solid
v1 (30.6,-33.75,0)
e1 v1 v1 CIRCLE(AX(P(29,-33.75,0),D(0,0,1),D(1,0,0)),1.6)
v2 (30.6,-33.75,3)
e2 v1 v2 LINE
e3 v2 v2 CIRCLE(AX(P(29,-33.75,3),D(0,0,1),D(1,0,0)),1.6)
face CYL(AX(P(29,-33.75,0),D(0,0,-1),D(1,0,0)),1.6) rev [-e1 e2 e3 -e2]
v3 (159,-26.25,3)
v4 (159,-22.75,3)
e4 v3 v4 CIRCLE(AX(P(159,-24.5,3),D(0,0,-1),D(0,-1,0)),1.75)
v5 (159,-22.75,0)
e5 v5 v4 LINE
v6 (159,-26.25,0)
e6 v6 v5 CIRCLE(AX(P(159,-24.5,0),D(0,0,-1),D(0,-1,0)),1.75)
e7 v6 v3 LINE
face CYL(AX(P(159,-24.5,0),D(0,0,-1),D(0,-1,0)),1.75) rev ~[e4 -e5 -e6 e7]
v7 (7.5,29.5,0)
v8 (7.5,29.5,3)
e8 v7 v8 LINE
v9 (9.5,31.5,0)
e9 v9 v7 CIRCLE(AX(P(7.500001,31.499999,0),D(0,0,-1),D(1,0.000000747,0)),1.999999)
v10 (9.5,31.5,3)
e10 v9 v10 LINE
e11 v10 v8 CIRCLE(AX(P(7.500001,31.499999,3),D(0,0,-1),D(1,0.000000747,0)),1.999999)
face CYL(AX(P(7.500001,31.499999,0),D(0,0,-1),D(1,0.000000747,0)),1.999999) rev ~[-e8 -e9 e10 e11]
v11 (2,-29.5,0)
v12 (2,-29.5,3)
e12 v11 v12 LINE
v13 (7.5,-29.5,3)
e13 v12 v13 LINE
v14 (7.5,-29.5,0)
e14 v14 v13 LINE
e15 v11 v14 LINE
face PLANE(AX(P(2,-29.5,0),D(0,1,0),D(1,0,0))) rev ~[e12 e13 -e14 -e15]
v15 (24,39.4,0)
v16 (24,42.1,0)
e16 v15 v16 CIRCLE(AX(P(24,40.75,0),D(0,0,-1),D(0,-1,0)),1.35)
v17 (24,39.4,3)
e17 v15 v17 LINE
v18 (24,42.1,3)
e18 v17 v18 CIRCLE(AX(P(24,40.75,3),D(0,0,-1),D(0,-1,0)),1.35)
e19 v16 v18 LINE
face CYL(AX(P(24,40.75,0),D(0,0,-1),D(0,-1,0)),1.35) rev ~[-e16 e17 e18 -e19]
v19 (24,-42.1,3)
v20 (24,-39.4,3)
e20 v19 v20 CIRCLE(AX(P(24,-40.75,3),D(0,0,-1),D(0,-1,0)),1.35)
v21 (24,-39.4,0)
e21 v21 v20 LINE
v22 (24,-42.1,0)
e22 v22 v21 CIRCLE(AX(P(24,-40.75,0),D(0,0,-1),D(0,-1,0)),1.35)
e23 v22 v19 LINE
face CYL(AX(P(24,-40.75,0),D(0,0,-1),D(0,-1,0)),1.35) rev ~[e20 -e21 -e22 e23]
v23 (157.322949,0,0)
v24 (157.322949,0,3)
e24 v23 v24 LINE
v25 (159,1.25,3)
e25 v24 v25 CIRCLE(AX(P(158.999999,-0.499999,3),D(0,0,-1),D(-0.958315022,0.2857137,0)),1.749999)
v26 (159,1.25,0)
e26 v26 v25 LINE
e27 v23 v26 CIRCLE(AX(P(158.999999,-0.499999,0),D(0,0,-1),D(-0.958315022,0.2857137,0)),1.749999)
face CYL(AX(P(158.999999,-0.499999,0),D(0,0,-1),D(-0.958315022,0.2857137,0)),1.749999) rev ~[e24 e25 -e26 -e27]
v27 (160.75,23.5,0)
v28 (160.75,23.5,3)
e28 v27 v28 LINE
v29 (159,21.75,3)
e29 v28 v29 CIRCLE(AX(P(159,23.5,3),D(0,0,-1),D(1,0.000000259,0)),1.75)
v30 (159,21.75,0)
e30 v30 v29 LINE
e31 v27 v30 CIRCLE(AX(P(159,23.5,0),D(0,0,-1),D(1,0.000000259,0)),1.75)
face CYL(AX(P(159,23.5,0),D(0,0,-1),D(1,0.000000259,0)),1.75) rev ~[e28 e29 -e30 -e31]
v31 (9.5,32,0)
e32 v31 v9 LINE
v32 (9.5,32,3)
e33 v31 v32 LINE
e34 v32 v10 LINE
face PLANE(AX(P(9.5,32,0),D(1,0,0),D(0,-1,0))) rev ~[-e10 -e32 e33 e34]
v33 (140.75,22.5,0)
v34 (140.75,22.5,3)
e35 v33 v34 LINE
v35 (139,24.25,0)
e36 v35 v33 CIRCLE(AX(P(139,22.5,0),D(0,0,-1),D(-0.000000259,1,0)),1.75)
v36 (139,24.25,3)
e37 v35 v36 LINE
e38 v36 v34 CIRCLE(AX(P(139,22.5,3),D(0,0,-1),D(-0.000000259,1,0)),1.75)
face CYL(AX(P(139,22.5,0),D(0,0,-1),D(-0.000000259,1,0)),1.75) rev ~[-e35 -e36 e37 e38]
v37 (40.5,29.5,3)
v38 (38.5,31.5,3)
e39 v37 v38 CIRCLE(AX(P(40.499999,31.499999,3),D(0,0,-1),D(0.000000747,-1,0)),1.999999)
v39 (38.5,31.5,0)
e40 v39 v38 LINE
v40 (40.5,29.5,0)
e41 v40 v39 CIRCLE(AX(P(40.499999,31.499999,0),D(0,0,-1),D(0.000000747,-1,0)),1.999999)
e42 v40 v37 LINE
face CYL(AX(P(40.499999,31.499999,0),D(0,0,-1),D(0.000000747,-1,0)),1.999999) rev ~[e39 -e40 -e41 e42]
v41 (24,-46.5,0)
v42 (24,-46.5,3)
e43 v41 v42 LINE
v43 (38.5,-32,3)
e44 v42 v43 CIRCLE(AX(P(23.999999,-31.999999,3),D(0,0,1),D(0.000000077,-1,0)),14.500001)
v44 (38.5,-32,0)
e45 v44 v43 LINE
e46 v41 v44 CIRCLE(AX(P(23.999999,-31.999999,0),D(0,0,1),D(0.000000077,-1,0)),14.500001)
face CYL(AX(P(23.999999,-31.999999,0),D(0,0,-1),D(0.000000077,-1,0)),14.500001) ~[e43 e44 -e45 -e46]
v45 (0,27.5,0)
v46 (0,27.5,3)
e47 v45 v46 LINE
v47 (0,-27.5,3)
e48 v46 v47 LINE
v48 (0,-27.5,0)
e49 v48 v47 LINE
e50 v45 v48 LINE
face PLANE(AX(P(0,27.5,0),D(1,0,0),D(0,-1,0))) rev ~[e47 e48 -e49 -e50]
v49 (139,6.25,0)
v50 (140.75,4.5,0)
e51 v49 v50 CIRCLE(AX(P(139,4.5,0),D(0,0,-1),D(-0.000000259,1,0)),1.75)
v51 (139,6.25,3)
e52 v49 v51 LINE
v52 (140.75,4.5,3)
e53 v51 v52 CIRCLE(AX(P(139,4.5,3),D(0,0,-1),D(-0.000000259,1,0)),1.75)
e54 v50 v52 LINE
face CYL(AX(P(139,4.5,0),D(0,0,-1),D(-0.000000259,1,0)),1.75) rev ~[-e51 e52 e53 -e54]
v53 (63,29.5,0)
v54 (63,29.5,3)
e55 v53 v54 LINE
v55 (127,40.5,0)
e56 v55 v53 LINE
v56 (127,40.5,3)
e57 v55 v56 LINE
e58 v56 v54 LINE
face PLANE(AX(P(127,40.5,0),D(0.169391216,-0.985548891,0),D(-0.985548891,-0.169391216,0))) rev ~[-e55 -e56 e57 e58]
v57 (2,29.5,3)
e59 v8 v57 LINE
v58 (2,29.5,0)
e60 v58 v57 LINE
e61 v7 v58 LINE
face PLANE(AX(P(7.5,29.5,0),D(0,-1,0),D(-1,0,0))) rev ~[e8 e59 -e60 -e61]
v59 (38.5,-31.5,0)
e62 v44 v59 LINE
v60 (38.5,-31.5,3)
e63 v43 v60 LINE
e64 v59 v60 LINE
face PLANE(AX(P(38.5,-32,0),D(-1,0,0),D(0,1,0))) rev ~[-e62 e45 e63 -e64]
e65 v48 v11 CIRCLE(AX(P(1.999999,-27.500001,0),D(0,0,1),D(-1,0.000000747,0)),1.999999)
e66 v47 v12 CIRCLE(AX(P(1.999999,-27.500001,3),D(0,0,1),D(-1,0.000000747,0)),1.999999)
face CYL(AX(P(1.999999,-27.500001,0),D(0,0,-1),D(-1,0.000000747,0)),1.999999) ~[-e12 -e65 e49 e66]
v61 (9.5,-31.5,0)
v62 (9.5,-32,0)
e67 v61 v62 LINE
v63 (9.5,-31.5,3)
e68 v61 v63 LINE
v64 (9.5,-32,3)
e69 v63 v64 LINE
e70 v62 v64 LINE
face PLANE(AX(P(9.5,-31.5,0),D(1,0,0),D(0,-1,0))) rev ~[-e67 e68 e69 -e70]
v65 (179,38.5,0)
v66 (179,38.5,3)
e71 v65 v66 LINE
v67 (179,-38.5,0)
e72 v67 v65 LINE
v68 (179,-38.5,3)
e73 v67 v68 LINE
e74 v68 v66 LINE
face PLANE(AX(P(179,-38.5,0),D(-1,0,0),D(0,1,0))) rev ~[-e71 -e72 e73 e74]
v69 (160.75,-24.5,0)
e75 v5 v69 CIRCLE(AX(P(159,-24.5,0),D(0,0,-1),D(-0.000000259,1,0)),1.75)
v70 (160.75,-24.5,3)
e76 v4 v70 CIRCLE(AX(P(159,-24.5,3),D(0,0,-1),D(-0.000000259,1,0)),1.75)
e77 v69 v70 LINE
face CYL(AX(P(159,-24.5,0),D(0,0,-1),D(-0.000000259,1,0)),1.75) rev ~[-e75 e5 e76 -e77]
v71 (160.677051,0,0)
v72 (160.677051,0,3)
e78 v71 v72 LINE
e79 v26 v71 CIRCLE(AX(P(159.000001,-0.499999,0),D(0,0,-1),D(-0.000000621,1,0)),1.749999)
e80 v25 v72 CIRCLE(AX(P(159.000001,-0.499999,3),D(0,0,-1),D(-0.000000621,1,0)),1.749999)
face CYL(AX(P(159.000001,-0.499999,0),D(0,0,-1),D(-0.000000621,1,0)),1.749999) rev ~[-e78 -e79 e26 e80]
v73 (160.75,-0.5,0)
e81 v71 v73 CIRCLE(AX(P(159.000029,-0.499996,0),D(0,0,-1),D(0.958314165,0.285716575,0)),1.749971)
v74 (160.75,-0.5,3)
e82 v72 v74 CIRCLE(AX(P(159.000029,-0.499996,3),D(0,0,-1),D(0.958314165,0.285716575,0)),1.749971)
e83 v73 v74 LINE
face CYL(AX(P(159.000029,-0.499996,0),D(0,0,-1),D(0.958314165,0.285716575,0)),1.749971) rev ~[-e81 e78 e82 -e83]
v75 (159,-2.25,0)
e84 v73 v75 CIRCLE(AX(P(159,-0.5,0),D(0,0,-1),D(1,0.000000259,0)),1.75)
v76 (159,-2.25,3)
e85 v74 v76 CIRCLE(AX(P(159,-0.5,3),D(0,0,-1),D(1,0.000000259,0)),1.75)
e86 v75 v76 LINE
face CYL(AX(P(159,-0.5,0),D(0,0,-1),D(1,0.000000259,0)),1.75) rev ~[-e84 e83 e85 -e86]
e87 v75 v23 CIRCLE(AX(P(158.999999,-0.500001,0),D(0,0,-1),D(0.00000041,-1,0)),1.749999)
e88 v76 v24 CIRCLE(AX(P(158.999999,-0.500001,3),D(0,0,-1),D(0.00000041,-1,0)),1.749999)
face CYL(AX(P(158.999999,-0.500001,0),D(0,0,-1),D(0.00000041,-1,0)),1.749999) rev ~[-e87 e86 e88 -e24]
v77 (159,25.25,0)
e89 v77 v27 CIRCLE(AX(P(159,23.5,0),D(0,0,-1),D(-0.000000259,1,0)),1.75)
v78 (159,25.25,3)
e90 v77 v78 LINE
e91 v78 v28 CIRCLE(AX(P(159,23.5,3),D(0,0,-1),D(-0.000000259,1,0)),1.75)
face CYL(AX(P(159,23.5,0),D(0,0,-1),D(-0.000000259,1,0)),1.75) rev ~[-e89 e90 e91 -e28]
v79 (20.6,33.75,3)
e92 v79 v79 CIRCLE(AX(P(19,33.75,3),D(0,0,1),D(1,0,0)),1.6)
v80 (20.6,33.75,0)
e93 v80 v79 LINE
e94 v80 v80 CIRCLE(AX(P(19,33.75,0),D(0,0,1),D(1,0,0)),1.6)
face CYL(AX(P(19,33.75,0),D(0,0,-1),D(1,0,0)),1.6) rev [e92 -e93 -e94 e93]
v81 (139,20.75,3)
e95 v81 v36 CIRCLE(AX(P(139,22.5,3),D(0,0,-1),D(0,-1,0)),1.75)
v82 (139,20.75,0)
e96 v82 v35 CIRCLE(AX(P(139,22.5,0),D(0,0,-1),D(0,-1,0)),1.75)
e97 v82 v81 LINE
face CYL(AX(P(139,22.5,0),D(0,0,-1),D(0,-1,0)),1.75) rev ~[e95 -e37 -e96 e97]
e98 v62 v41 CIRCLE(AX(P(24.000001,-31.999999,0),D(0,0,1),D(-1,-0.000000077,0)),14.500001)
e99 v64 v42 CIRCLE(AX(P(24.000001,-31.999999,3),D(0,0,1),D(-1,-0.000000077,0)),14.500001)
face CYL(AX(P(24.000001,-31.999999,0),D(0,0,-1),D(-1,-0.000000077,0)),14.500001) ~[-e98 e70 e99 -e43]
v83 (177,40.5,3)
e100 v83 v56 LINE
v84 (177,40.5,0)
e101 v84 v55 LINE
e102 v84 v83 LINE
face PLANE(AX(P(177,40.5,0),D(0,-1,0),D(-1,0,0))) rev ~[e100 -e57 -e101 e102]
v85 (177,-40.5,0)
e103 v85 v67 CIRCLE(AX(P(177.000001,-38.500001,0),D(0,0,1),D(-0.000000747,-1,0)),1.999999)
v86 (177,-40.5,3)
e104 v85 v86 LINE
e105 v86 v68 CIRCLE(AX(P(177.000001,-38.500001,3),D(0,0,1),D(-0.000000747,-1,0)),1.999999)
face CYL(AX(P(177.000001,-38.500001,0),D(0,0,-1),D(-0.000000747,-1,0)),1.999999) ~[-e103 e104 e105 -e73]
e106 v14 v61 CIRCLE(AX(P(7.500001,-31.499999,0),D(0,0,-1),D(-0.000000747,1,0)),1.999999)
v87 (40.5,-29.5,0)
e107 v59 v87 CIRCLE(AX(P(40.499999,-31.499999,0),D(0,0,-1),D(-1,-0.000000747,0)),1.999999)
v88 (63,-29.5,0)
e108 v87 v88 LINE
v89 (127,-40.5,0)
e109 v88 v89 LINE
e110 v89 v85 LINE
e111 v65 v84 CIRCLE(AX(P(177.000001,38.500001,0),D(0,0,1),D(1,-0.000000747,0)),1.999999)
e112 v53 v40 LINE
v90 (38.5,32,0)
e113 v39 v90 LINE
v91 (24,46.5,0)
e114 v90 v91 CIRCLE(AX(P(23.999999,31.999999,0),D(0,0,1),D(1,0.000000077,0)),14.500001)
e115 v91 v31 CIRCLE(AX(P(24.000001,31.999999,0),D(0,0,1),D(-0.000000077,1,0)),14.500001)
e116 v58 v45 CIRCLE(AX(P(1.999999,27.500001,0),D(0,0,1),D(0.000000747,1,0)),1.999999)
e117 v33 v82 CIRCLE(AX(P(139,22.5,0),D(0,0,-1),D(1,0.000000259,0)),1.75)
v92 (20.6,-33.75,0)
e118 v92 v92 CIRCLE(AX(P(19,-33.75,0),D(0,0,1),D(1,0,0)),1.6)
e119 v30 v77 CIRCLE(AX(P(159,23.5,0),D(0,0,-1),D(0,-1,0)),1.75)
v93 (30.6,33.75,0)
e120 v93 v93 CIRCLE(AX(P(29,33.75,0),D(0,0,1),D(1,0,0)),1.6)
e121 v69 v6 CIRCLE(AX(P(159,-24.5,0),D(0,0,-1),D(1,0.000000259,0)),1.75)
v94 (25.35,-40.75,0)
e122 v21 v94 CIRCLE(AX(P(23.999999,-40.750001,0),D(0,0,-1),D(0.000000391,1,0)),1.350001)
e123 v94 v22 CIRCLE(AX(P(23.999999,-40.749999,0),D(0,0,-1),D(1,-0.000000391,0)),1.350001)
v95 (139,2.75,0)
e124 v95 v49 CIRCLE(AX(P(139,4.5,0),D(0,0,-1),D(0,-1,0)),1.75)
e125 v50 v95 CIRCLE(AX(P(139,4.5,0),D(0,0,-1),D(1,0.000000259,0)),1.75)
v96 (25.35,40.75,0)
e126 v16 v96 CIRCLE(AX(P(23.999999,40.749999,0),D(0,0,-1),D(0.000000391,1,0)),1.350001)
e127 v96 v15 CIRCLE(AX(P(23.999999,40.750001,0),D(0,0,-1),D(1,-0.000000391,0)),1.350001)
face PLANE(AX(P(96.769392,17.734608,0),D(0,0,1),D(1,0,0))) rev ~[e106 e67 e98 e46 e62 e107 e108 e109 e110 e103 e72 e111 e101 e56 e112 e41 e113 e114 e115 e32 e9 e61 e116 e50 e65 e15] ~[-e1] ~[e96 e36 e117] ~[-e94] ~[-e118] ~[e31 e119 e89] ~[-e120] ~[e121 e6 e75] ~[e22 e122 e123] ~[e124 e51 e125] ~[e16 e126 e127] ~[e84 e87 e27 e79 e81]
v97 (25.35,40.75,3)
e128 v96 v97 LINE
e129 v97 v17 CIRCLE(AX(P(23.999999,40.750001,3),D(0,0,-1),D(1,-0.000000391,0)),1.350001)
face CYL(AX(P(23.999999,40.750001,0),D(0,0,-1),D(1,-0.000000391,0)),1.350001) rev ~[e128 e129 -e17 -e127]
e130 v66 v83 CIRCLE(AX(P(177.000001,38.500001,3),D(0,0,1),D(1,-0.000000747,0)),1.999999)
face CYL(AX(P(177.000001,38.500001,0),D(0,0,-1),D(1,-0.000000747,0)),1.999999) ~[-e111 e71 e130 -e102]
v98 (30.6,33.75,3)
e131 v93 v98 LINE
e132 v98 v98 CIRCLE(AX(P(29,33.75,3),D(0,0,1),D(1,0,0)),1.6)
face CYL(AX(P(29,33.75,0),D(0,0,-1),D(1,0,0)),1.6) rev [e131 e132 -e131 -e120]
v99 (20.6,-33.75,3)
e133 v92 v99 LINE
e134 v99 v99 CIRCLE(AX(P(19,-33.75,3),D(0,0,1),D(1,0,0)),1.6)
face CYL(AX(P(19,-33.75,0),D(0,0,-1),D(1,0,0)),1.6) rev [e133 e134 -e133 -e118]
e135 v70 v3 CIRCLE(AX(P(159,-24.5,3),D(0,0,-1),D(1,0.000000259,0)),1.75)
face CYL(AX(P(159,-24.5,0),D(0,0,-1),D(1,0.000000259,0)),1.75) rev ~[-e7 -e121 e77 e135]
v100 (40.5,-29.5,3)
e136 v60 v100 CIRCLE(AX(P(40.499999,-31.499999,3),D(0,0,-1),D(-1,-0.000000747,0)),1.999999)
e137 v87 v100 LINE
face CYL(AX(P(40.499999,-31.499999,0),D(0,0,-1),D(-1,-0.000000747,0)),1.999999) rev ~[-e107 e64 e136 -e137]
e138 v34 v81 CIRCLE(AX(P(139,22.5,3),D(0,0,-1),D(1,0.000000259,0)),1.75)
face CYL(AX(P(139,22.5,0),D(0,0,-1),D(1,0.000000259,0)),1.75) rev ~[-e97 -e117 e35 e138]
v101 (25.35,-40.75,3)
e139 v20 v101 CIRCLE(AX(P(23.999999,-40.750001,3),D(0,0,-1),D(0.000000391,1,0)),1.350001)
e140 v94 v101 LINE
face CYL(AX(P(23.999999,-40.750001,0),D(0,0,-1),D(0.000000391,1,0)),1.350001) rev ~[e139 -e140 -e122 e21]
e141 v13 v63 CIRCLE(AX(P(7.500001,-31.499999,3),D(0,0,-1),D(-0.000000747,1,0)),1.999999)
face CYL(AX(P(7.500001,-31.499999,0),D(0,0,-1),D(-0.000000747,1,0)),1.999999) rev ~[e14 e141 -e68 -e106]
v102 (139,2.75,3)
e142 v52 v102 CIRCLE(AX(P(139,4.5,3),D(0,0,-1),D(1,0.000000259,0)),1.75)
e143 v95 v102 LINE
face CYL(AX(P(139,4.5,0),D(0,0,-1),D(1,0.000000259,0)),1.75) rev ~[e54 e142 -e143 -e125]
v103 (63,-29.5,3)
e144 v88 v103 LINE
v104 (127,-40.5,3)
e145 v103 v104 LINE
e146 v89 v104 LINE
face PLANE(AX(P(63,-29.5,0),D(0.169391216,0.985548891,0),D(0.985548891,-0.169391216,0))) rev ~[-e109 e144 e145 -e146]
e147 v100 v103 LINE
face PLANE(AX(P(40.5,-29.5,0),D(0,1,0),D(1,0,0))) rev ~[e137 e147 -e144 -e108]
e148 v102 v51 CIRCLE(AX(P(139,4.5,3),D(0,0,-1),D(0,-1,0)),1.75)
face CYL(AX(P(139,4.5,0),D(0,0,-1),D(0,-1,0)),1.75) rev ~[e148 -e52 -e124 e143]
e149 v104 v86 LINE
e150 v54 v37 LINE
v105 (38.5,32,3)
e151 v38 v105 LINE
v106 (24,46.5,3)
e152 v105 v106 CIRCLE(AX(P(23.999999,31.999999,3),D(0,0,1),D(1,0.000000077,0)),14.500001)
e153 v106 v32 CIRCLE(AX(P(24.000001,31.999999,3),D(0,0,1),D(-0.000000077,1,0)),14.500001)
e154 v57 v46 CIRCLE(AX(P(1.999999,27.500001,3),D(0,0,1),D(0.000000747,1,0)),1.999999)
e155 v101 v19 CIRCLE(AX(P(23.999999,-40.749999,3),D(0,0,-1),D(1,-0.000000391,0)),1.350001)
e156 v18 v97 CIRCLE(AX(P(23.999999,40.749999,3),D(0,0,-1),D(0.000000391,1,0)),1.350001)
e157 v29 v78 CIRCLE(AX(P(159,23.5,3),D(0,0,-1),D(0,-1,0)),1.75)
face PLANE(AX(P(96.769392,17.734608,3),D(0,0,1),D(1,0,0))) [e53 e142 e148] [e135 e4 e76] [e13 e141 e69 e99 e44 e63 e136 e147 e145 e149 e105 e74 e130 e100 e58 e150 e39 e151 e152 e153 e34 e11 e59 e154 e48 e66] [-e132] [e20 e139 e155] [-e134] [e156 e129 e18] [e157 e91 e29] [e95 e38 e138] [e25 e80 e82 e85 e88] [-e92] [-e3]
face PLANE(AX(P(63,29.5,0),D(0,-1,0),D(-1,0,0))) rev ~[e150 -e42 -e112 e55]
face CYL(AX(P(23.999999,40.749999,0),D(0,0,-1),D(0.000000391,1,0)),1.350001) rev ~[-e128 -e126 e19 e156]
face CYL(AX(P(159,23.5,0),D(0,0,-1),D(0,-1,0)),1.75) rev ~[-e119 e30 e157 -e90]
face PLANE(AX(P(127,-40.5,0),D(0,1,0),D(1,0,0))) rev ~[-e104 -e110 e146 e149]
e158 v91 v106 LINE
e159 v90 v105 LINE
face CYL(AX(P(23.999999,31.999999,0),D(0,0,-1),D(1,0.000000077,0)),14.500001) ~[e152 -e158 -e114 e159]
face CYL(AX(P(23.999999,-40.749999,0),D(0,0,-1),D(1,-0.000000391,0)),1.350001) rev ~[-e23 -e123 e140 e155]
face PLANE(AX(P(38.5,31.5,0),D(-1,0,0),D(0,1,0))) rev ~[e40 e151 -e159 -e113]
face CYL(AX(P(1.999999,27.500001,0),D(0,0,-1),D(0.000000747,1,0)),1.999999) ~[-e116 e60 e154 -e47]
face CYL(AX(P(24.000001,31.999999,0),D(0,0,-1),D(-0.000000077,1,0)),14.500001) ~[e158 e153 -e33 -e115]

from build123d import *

# Parameters (mm, degrees)
F0_R     = 1.6
F1_DEPTH = 3


with BuildPart() as f1:
    # F0 (on Top) → F1 (new body)
    with BuildSketch(Plane.XY):
        Polygon((63, 29.5), (63, 0), (127, 0), (127, 40.5), align=None)
        with BuildLine():
            Line((127, 0), (63, 0))
            Line((63, 0), (24, 0))
            Line((24, 0), (24, -39.4))
            ThreePointArc((24, -39.4), (24.954594, -39.795406), (25.35, -40.75))
            ThreePointArc((25.35, -40.75), (24.954594, -41.704594), (24, -42.1))
            Line((24, -42.1), (24, -46.5))
            ThreePointArc((24, -46.5), (34.253048, -42.253048), (38.5, -32))
            Line((38.5, -32), (38.5, -31.5))
            ThreePointArc((38.5, -31.5), (39.085786, -30.085786), (40.5, -29.5))
            Line((40.5, -29.5), (63, -29.5))
            Line((63, -29.5), (127, -40.5))
            Line((127, -40.5), (139, -40.5))
            Line((139, -40.5), (139, 0))
            Line((139, 0), (127, 0))
        make_face()
        with Locations((29, -33.75)):
            Circle(F0_R, mode=Mode.SUBTRACT)
        with BuildLine():
            Line((24, 0), (63, 0))
            Line((63, 0), (63, 29.5))
            Line((63, 29.5), (40.5, 29.5))
            ThreePointArc((40.5, 29.5), (39.085786, 30.085786), (38.5, 31.5))
            Line((38.5, 31.5), (38.5, 32))
            Line((38.5, 32), (24, 32))
            Line((24, 32), (24, 0))
        make_face()
        with BuildLine():
            Line((127, 40.5), (127, 0))
            Line((127, 0), (139, 0))
            Line((139, 0), (139, 2.75))
            ThreePointArc((139, 2.75), (137.25, 4.5), (139, 6.25))
            Line((139, 6.25), (139, 20.75))
            ThreePointArc((139, 20.75), (137.25, 22.5), (139, 24.25))
            Line((139, 24.25), (139, 40.5))
            Line((139, 40.5), (127, 40.5))
        make_face()
        with BuildLine():
            Line((24, -39.4), (24, 0))
            Line((24, 0), (0, 0))
            Line((0, 0), (0, -27.5))
            ThreePointArc((0, -27.5), (0.585786, -28.914214), (2, -29.5))
            Line((2, -29.5), (7.5, -29.5))
            ThreePointArc((7.5, -29.5), (8.914214, -30.085786), (9.5, -31.5))
            Line((9.5, -31.5), (9.5, -32))
            ThreePointArc((9.5, -32), (13.746952, -42.253048), (24, -46.5))
            Line((24, -46.5), (24, -42.1))
            ThreePointArc((24, -42.1), (22.65, -40.75), (24, -39.4))
        make_face()
        with Locations((19, -33.75)):
            Circle(F0_R, mode=Mode.SUBTRACT)
        with BuildLine():
            Line((0, 0), (24, 0))
            Line((24, 0), (24, 32))
            Line((24, 32), (9.5, 32))
            Line((9.5, 32), (9.5, 31.5))
            ThreePointArc((9.5, 31.5), (8.914214, 30.085786), (7.5, 29.5))
            Line((7.5, 29.5), (2, 29.5))
            ThreePointArc((2, 29.5), (0.585786, 28.914214), (0, 27.5))
            Line((0, 27.5), (0, 0))
        make_face()
        with BuildLine():
            Line((139, 2.75), (139, 0))
            Line((139, 0), (157.322949, 0))
            ThreePointArc((157.322949, 0), (157.954175, 0.903122), (159, 1.25))
            Line((159, 1.25), (159, 21.75))
            ThreePointArc((159, 21.75), (157.25, 23.5), (159, 25.25))
            Line((159, 25.25), (159, 40.5))
            Line((159, 40.5), (139, 40.5))
            Line((139, 40.5), (139, 24.25))
            ThreePointArc((139, 24.25), (140.237437, 23.737437), (140.75, 22.5))
            ThreePointArc((140.75, 22.5), (140.237437, 21.262563), (139, 20.75))
            Line((139, 20.75), (139, 6.25))
            ThreePointArc((139, 6.25), (140.237437, 5.737437), (140.75, 4.5))
            ThreePointArc((140.75, 4.5), (140.237437, 3.262563), (139, 2.75))
        make_face()
        with BuildLine():
            Line((157.322949, 0), (139, 0))
            Line((139, 0), (139, -40.5))
            Line((139, -40.5), (159, -40.5))
            Line((159, -40.5), (159, -26.25))
            ThreePointArc((159, -26.25), (157.25, -24.5), (159, -22.75))
            Line((159, -22.75), (159, -2.25))
            ThreePointArc((159, -2.25), (157.596878, -1.545825), (157.322949, 0))
        make_face()
        with BuildLine():
            Line((24, 39.4), (24, 32))
            Line((24, 32), (38.5, 32))
            ThreePointArc((38.5, 32), (34.253048, 42.253048), (24, 46.5))
            Line((24, 46.5), (24, 42.1))
            ThreePointArc((24, 42.1), (24.954594, 41.704594), (25.35, 40.75))
            ThreePointArc((25.35, 40.75), (24.954594, 39.795406), (24, 39.4))
        make_face()
        with Locations((29, 33.75)):
            Circle(F0_R, mode=Mode.SUBTRACT)
        with BuildLine():
            Line((9.5, 32), (24, 32))
            Line((24, 32), (24, 39.4))
            ThreePointArc((24, 39.4), (22.65, 40.75), (24, 42.1))
            Line((24, 42.1), (24, 46.5))
            ThreePointArc((24, 46.5), (13.746952, 42.253048), (9.5, 32))
        make_face()
        with Locations((19, 33.75)):
            Circle(F0_R, mode=Mode.SUBTRACT)
        with BuildLine():
            Line((159, 21.75), (159, 1.25))
            ThreePointArc((159, 1.25), (160.045825, 0.903122), (160.677051, 0))
            Line((160.677051, 0), (179, 0))
            Line((179, 0), (179, 38.5))
            ThreePointArc((179, 38.5), (178.414214, 39.914214), (177, 40.5))
            Line((177, 40.5), (159, 40.5))
            Line((159, 40.5), (159, 25.25))
            ThreePointArc((159, 25.25), (160.237437, 24.737437), (160.75, 23.5))
            ThreePointArc((160.75, 23.5), (160.237437, 22.262563), (159, 21.75))
        make_face()
        with BuildLine():
            ThreePointArc((160.75, -0.5), (160.237437, -1.737437), (159, -2.25))
            Line((159, -2.25), (159, -22.75))
            ThreePointArc((159, -22.75), (160.237437, -23.262563), (160.75, -24.5))
            ThreePointArc((160.75, -24.5), (160.237437, -25.737437), (159, -26.25))
            Line((159, -26.25), (159, -40.5))
            Line((159, -40.5), (177, -40.5))
            ThreePointArc((177, -40.5), (178.414214, -39.914214), (179, -38.5))
            Line((179, -38.5), (179, 0))
            Line((179, 0), (160.677051, 0))
            ThreePointArc((160.677051, 0), (160.731667, -0.247353), (160.75, -0.5))
        make_face()
    extrude(amount=F1_DEPTH)


solid = f1.part
